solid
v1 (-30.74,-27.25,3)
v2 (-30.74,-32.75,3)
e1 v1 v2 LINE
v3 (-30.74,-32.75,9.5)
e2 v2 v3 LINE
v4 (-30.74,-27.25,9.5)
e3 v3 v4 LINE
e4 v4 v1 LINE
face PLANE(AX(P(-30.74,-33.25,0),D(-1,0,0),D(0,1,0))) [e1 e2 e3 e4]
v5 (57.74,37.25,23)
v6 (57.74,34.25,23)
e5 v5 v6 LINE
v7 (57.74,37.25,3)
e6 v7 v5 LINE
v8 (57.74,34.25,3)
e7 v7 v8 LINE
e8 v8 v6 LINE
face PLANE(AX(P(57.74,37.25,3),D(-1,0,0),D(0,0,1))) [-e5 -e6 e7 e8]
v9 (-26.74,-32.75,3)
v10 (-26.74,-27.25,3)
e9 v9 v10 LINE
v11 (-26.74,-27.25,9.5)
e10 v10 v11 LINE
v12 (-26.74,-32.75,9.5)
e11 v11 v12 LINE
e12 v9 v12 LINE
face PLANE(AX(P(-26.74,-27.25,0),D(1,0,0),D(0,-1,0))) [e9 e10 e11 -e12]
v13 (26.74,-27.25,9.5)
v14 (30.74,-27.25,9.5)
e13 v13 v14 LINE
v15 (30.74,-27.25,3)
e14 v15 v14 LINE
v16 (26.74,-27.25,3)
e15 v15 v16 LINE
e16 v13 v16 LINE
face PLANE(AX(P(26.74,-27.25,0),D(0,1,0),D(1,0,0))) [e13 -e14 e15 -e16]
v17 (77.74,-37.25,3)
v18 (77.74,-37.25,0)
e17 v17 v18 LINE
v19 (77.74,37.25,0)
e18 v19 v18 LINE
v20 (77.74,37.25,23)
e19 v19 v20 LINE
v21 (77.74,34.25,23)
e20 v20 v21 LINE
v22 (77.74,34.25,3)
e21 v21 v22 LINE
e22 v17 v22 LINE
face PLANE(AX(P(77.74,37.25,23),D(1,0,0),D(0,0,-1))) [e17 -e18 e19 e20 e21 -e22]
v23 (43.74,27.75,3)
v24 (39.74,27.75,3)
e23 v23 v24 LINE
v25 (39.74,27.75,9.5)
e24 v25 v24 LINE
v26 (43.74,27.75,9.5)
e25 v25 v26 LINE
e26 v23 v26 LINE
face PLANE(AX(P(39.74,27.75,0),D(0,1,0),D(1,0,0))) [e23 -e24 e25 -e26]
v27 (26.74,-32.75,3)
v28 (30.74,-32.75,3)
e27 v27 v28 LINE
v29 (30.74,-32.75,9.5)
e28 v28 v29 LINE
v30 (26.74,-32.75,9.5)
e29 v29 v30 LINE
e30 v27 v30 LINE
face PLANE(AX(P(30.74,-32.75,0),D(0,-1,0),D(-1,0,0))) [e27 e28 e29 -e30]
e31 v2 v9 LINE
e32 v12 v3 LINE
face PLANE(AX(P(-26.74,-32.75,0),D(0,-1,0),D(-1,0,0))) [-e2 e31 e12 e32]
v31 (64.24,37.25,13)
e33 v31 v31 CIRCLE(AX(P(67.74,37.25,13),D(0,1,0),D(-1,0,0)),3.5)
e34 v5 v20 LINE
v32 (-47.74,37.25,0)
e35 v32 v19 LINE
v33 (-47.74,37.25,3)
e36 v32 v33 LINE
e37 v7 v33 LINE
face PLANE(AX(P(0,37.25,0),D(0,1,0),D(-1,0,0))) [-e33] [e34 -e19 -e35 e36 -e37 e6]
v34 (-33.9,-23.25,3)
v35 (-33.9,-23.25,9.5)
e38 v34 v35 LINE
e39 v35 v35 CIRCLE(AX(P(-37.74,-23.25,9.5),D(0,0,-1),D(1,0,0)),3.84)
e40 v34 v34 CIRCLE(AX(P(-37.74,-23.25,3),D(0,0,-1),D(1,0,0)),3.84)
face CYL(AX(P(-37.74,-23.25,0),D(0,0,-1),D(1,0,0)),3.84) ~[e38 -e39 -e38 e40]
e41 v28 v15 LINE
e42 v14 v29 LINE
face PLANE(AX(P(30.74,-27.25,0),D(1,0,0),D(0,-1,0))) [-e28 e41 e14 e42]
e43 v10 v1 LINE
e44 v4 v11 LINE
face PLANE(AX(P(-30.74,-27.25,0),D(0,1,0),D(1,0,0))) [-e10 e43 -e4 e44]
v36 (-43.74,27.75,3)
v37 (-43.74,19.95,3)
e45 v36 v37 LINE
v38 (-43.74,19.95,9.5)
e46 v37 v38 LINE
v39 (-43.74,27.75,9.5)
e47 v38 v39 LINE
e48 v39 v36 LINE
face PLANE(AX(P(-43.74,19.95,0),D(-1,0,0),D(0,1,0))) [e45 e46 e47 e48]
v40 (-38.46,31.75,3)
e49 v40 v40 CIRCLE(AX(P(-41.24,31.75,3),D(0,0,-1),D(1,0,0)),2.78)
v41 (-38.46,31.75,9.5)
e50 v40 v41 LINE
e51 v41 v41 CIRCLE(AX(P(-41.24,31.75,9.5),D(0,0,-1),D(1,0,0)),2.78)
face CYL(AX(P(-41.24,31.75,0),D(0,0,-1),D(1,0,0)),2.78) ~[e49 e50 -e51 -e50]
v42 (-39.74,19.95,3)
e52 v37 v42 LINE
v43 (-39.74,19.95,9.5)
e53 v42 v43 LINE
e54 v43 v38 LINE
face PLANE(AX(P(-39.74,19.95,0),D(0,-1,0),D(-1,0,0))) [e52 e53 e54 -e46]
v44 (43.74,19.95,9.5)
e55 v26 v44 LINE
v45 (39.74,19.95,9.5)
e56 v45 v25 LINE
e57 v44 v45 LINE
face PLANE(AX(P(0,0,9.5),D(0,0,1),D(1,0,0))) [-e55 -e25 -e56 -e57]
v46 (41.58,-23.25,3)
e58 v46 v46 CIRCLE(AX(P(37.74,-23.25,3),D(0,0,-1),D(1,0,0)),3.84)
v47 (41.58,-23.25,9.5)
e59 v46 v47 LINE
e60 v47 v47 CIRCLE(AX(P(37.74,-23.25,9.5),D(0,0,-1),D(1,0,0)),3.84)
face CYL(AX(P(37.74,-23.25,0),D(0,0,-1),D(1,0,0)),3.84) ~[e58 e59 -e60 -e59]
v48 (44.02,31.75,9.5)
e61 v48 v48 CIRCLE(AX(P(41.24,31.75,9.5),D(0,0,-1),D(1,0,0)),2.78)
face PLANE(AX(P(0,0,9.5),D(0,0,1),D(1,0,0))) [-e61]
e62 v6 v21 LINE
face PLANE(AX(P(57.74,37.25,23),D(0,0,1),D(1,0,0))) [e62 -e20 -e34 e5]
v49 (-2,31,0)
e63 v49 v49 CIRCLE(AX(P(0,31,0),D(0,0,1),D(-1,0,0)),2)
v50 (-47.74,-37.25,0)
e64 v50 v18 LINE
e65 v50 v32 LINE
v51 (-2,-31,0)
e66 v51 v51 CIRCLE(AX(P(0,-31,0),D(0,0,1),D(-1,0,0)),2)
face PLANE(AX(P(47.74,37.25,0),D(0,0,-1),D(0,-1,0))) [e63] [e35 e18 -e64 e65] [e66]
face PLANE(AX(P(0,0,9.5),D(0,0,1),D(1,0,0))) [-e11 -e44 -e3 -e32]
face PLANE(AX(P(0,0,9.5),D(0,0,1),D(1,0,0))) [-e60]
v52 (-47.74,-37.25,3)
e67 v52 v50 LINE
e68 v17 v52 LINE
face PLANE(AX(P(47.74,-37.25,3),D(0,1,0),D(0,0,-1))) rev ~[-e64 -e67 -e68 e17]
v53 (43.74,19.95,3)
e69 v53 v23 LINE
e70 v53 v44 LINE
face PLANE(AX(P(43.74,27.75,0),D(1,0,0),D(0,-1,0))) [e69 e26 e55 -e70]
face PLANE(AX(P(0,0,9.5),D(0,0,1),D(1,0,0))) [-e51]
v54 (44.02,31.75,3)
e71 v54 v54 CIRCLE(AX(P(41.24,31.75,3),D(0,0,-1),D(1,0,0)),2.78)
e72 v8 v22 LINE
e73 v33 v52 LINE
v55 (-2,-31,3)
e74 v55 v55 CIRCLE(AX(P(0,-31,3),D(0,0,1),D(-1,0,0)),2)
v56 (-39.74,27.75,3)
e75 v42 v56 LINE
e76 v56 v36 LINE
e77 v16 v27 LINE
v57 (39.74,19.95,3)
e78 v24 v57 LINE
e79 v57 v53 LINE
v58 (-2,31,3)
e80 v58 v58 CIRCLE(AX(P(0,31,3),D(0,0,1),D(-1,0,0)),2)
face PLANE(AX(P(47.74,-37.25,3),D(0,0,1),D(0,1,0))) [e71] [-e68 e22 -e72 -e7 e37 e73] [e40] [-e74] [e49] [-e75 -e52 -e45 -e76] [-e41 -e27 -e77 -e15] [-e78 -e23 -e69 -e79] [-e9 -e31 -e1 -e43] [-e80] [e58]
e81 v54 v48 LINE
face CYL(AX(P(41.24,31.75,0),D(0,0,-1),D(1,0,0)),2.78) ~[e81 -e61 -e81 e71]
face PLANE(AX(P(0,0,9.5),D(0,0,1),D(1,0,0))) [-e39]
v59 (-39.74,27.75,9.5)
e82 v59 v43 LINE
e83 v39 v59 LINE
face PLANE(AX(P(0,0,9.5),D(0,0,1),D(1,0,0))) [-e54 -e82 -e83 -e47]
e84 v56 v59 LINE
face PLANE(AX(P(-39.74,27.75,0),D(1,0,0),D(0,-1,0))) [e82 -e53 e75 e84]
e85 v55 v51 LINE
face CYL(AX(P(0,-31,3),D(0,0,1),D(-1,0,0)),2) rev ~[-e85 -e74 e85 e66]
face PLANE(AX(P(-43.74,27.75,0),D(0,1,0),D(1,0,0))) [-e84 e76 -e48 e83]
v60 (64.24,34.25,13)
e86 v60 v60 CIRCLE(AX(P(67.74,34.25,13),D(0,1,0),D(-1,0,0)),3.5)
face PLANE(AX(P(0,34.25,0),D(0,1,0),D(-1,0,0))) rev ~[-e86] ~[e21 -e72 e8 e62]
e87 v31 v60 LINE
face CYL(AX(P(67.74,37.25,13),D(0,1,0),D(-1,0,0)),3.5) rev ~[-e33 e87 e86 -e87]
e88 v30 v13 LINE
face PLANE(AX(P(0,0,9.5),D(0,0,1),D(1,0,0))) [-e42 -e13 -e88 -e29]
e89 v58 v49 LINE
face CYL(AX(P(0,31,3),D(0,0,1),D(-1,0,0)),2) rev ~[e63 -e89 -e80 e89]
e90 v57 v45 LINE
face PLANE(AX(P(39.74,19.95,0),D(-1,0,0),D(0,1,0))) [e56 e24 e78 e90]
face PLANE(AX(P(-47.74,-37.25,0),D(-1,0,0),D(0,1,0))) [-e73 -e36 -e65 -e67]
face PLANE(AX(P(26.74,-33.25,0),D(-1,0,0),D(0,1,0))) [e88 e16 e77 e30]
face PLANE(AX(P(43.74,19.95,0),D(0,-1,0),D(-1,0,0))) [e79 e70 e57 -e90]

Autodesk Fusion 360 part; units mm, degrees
sketch "Sketch1" plane through (0, 0, 0) normal (0, 0, 1) x (1, 0, 0)
  line L0 (-47.74, 37.25) -> (47.74, 37.25)
  line L1 (47.74, 37.25) -> (47.74, -37.25)
  line L2 (47.74, -37.25) -> (-47.74, -37.25)
  line L3 (-47.74, -37.25) -> (-47.74, 37.25)
  line L4 (-47.74, 37.25) -> (47.74, -37.25) construction
  line L5 (47.74, 37.25) -> (-47.74, -37.25) construction
  circle A0 centre (41.24, 31.75) radius 2.78
  circle A1 centre (-41.24, 31.75) radius 2.78
  circle A2 centre (37.74, -23.25) radius 3.84
  circle A3 centre (-37.74, -23.25) radius 3.84
  line L6 (-30.74, -27.25) -> (-26.74, -27.25)
  line L7 (-26.74, -27.25) -> (-26.74, -33.25)
  line L8 (-26.74, -33.25) -> (-30.74, -33.25)
  line L9 (-30.74, -33.25) -> (-30.74, -27.25)
  line L10 (26.74, -27.25) -> (30.74, -27.25)
  line L11 (30.74, -27.25) -> (30.74, -33.25)
  line L12 (30.74, -33.25) -> (26.74, -33.25)
  line L13 (26.74, -33.25) -> (26.74, -27.25)
  line L14 (39.74, 27.75) -> (43.74, 27.75)
  line L15 (43.74, 27.75) -> (43.74, 19.95)
  line L16 (43.74, 19.95) -> (39.74, 19.95)
  line L17 (39.74, 19.95) -> (39.74, 27.75)
  line L18 (-43.74, 27.75) -> (-39.74, 27.75)
  line L19 (-39.74, 27.75) -> (-39.74, 19.95)
  line L20 (-39.74, 19.95) -> (-43.74, 19.95)
  line L21 (-43.74, 19.95) -> (-43.74, 27.75)
  point P0 (40, 20)
  dimension "d2" = 95.48
  dimension "d3" = 74.5
  dimension "d4" = 5.56
  dimension "d5" = 5.56
  dimension "d6" = 7.68
  dimension "d7" = 7.68
  dimension "d8" = 5.5
  dimension "d9" = 6.5
  dimension "d10" = 6.5
  dimension "d11" = 5.5
  dimension "d12" = 14
  dimension "d13" = 10
  dimension "d14" = 10
  dimension "d15" = 14
  dimension "d22" = 4
  dimension "d23" = 6
  dimension "d24" = 4
  dimension "d25" = 7
  dimension "d26" = 4
  dimension "d27" = 6
  dimension "d28" = 7
  dimension "d29" = 4
  dimension "d30" = 4
  dimension "d31" = 7.8
  dimension "d32" = 4
  dimension "d33" = 4
  dimension "d34" = 4
  dimension "d35" = 7.8
  dimension "d36" = 4
  dimension "d37" = 4
extrude "Extrude1" add sketch "Sketch1" along normal blind 9.5 contours A0 | A1 | A2 | A3 | L6 L7 L8 L9 | L10 L11 L12 L13 | L14 L15 L16 L17 | L18 L19 L20 L21 makes body 1 at (41.5609, -23.6323, 6.3333) makes body 2 at (-33.9191, -23.6323, 6.3333) makes body 3 at (30.74, -29.25, 3.1667) makes body 4 at (-26.74, -29.25, 3.1667) makes body 5 at (44.0062, 31.4732, 6.3333) makes body 6 at (-38.4738, 31.4732, 6.3333) makes body 7 at (43.74, 25.15, 3.1667) makes body 8 at (-39.74, 25.15, 6.3333)
extrude "Extrude2" add sketch "Sketch1" along normal blind 3 bodies 1 2 3 4 5 6 7 8
sketch "Sketch6" plane through (0, 0, 3) normal (0, 0, 1) x (-1, 0, 0)
  circle A0 centre (41.24, -31.75) radius 2.78
  circle A1 centre (37.74, 23.25) radius 3.84
  line L0 (26.74, 33.25) -> (30.74, 33.25)
  line L1 (30.74, 33.25) -> (30.74, 27.25)
  line L2 (30.74, 27.25) -> (26.74, 27.25)
  line L3 (26.74, 27.25) -> (26.74, 33.25)
  circle A2 centre (-37.74, 23.25) radius 3.84
  line L4 (-30.74, 33.25) -> (-26.74, 33.25)
  line L5 (-26.74, 33.25) -> (-26.74, 27.25)
  line L6 (-26.74, 27.25) -> (-30.74, 27.25)
  line L7 (-30.74, 27.25) -> (-30.74, 33.25)
  line L8 (-43.74, -19.95) -> (-39.74, -19.95)
  line L9 (-39.74, -19.95) -> (-39.74, -27.75)
  line L10 (-39.74, -27.75) -> (-43.74, -27.75)
  line L11 (-43.74, -27.75) -> (-43.74, -19.95)
  circle A3 centre (-41.24, -31.75) radius 2.78
  line L12 (39.74, -19.95) -> (43.74, -19.95)
  line L13 (43.74, -19.95) -> (43.74, -27.75)
  line L14 (43.74, -27.75) -> (39.74, -27.75)
  line L15 (39.74, -27.75) -> (39.74, -19.95)
  line L16 (47.74, 37.25) -> (-47.74, 37.25)
  line L17 (-47.74, 37.25) -> (-47.74, -37.25)
  line L18 (-47.74, -37.25) -> (47.74, -37.25)
  line L19 (47.74, -37.25) -> (47.74, 37.25)
  line L20 (-145.7882, -27) -> (145.7882, -27)
  line L21 (145.7882, -27) -> (145.7882, 27)
  line L22 (145.7882, 27) -> (-145.7882, 27)
  line L23 (-145.7882, 27) -> (-145.7882, -27)
  line L24 (-145.7882, -27) -> (145.7882, 27) construction
  line L25 (145.7882, -27) -> (-145.7882, 27) construction
  circle A4 centre (0, -31) radius 2
  line L26 (-20, 0) -> (-2.5, 0)
  circle A5 centre (0, 31) radius 2
  point P0 (0, -31)
  dimension "d42" = 54
  dimension "d44" = 4
  dimension "d47" = 4
  dimension "d50" = 31
move_face "OffsetFaces1" offset -0.5 2 faces at (-28.0733, -33.25, 5.1667) (29.4067, -33.25, 5.1667) on bodies 1
extrude "Extrude3" cut sketch "Sketch6" against normal blind 5 contours A4 | A5 bodies 1
extrude "Extrude5" add 1 faces at (47.74, 12.4167, 1) along direction (1, 0, 0) blind 30 on bodies 1 bodies 1
sketch "Sketch11" plane through (0, 37.25, 0) normal (0, 1, 0) x (-1, 0, 0)
  line L0 (-77.74, 0) -> (47.74, 0)
  line L1 (47.74, 0) -> (47.74, 3)
  line L2 (47.74, 3) -> (-77.74, 3)
  line L3 (-77.74, 3) -> (-77.74, 0)
  line L4 (-77.74, 3) -> (-57.74, 3)
  line L5 (-57.74, 3) -> (-57.74, 23)
  line L6 (-57.74, 23) -> (-77.74, 23)
  line L7 (-77.74, 23) -> (-77.74, 3)
  circle A0 centre (-67.74, 13) radius 3.5
  dimension "d56" = 20
  dimension "d57" = 20
  dimension "d58" = 7
  dimension "d59" = 10
  dimension "d60" = 10
extrude "Extrude6" add sketch "Sketch11" against normal blind 3 contours L2 L4 L5 L6 L7 bodies 1
